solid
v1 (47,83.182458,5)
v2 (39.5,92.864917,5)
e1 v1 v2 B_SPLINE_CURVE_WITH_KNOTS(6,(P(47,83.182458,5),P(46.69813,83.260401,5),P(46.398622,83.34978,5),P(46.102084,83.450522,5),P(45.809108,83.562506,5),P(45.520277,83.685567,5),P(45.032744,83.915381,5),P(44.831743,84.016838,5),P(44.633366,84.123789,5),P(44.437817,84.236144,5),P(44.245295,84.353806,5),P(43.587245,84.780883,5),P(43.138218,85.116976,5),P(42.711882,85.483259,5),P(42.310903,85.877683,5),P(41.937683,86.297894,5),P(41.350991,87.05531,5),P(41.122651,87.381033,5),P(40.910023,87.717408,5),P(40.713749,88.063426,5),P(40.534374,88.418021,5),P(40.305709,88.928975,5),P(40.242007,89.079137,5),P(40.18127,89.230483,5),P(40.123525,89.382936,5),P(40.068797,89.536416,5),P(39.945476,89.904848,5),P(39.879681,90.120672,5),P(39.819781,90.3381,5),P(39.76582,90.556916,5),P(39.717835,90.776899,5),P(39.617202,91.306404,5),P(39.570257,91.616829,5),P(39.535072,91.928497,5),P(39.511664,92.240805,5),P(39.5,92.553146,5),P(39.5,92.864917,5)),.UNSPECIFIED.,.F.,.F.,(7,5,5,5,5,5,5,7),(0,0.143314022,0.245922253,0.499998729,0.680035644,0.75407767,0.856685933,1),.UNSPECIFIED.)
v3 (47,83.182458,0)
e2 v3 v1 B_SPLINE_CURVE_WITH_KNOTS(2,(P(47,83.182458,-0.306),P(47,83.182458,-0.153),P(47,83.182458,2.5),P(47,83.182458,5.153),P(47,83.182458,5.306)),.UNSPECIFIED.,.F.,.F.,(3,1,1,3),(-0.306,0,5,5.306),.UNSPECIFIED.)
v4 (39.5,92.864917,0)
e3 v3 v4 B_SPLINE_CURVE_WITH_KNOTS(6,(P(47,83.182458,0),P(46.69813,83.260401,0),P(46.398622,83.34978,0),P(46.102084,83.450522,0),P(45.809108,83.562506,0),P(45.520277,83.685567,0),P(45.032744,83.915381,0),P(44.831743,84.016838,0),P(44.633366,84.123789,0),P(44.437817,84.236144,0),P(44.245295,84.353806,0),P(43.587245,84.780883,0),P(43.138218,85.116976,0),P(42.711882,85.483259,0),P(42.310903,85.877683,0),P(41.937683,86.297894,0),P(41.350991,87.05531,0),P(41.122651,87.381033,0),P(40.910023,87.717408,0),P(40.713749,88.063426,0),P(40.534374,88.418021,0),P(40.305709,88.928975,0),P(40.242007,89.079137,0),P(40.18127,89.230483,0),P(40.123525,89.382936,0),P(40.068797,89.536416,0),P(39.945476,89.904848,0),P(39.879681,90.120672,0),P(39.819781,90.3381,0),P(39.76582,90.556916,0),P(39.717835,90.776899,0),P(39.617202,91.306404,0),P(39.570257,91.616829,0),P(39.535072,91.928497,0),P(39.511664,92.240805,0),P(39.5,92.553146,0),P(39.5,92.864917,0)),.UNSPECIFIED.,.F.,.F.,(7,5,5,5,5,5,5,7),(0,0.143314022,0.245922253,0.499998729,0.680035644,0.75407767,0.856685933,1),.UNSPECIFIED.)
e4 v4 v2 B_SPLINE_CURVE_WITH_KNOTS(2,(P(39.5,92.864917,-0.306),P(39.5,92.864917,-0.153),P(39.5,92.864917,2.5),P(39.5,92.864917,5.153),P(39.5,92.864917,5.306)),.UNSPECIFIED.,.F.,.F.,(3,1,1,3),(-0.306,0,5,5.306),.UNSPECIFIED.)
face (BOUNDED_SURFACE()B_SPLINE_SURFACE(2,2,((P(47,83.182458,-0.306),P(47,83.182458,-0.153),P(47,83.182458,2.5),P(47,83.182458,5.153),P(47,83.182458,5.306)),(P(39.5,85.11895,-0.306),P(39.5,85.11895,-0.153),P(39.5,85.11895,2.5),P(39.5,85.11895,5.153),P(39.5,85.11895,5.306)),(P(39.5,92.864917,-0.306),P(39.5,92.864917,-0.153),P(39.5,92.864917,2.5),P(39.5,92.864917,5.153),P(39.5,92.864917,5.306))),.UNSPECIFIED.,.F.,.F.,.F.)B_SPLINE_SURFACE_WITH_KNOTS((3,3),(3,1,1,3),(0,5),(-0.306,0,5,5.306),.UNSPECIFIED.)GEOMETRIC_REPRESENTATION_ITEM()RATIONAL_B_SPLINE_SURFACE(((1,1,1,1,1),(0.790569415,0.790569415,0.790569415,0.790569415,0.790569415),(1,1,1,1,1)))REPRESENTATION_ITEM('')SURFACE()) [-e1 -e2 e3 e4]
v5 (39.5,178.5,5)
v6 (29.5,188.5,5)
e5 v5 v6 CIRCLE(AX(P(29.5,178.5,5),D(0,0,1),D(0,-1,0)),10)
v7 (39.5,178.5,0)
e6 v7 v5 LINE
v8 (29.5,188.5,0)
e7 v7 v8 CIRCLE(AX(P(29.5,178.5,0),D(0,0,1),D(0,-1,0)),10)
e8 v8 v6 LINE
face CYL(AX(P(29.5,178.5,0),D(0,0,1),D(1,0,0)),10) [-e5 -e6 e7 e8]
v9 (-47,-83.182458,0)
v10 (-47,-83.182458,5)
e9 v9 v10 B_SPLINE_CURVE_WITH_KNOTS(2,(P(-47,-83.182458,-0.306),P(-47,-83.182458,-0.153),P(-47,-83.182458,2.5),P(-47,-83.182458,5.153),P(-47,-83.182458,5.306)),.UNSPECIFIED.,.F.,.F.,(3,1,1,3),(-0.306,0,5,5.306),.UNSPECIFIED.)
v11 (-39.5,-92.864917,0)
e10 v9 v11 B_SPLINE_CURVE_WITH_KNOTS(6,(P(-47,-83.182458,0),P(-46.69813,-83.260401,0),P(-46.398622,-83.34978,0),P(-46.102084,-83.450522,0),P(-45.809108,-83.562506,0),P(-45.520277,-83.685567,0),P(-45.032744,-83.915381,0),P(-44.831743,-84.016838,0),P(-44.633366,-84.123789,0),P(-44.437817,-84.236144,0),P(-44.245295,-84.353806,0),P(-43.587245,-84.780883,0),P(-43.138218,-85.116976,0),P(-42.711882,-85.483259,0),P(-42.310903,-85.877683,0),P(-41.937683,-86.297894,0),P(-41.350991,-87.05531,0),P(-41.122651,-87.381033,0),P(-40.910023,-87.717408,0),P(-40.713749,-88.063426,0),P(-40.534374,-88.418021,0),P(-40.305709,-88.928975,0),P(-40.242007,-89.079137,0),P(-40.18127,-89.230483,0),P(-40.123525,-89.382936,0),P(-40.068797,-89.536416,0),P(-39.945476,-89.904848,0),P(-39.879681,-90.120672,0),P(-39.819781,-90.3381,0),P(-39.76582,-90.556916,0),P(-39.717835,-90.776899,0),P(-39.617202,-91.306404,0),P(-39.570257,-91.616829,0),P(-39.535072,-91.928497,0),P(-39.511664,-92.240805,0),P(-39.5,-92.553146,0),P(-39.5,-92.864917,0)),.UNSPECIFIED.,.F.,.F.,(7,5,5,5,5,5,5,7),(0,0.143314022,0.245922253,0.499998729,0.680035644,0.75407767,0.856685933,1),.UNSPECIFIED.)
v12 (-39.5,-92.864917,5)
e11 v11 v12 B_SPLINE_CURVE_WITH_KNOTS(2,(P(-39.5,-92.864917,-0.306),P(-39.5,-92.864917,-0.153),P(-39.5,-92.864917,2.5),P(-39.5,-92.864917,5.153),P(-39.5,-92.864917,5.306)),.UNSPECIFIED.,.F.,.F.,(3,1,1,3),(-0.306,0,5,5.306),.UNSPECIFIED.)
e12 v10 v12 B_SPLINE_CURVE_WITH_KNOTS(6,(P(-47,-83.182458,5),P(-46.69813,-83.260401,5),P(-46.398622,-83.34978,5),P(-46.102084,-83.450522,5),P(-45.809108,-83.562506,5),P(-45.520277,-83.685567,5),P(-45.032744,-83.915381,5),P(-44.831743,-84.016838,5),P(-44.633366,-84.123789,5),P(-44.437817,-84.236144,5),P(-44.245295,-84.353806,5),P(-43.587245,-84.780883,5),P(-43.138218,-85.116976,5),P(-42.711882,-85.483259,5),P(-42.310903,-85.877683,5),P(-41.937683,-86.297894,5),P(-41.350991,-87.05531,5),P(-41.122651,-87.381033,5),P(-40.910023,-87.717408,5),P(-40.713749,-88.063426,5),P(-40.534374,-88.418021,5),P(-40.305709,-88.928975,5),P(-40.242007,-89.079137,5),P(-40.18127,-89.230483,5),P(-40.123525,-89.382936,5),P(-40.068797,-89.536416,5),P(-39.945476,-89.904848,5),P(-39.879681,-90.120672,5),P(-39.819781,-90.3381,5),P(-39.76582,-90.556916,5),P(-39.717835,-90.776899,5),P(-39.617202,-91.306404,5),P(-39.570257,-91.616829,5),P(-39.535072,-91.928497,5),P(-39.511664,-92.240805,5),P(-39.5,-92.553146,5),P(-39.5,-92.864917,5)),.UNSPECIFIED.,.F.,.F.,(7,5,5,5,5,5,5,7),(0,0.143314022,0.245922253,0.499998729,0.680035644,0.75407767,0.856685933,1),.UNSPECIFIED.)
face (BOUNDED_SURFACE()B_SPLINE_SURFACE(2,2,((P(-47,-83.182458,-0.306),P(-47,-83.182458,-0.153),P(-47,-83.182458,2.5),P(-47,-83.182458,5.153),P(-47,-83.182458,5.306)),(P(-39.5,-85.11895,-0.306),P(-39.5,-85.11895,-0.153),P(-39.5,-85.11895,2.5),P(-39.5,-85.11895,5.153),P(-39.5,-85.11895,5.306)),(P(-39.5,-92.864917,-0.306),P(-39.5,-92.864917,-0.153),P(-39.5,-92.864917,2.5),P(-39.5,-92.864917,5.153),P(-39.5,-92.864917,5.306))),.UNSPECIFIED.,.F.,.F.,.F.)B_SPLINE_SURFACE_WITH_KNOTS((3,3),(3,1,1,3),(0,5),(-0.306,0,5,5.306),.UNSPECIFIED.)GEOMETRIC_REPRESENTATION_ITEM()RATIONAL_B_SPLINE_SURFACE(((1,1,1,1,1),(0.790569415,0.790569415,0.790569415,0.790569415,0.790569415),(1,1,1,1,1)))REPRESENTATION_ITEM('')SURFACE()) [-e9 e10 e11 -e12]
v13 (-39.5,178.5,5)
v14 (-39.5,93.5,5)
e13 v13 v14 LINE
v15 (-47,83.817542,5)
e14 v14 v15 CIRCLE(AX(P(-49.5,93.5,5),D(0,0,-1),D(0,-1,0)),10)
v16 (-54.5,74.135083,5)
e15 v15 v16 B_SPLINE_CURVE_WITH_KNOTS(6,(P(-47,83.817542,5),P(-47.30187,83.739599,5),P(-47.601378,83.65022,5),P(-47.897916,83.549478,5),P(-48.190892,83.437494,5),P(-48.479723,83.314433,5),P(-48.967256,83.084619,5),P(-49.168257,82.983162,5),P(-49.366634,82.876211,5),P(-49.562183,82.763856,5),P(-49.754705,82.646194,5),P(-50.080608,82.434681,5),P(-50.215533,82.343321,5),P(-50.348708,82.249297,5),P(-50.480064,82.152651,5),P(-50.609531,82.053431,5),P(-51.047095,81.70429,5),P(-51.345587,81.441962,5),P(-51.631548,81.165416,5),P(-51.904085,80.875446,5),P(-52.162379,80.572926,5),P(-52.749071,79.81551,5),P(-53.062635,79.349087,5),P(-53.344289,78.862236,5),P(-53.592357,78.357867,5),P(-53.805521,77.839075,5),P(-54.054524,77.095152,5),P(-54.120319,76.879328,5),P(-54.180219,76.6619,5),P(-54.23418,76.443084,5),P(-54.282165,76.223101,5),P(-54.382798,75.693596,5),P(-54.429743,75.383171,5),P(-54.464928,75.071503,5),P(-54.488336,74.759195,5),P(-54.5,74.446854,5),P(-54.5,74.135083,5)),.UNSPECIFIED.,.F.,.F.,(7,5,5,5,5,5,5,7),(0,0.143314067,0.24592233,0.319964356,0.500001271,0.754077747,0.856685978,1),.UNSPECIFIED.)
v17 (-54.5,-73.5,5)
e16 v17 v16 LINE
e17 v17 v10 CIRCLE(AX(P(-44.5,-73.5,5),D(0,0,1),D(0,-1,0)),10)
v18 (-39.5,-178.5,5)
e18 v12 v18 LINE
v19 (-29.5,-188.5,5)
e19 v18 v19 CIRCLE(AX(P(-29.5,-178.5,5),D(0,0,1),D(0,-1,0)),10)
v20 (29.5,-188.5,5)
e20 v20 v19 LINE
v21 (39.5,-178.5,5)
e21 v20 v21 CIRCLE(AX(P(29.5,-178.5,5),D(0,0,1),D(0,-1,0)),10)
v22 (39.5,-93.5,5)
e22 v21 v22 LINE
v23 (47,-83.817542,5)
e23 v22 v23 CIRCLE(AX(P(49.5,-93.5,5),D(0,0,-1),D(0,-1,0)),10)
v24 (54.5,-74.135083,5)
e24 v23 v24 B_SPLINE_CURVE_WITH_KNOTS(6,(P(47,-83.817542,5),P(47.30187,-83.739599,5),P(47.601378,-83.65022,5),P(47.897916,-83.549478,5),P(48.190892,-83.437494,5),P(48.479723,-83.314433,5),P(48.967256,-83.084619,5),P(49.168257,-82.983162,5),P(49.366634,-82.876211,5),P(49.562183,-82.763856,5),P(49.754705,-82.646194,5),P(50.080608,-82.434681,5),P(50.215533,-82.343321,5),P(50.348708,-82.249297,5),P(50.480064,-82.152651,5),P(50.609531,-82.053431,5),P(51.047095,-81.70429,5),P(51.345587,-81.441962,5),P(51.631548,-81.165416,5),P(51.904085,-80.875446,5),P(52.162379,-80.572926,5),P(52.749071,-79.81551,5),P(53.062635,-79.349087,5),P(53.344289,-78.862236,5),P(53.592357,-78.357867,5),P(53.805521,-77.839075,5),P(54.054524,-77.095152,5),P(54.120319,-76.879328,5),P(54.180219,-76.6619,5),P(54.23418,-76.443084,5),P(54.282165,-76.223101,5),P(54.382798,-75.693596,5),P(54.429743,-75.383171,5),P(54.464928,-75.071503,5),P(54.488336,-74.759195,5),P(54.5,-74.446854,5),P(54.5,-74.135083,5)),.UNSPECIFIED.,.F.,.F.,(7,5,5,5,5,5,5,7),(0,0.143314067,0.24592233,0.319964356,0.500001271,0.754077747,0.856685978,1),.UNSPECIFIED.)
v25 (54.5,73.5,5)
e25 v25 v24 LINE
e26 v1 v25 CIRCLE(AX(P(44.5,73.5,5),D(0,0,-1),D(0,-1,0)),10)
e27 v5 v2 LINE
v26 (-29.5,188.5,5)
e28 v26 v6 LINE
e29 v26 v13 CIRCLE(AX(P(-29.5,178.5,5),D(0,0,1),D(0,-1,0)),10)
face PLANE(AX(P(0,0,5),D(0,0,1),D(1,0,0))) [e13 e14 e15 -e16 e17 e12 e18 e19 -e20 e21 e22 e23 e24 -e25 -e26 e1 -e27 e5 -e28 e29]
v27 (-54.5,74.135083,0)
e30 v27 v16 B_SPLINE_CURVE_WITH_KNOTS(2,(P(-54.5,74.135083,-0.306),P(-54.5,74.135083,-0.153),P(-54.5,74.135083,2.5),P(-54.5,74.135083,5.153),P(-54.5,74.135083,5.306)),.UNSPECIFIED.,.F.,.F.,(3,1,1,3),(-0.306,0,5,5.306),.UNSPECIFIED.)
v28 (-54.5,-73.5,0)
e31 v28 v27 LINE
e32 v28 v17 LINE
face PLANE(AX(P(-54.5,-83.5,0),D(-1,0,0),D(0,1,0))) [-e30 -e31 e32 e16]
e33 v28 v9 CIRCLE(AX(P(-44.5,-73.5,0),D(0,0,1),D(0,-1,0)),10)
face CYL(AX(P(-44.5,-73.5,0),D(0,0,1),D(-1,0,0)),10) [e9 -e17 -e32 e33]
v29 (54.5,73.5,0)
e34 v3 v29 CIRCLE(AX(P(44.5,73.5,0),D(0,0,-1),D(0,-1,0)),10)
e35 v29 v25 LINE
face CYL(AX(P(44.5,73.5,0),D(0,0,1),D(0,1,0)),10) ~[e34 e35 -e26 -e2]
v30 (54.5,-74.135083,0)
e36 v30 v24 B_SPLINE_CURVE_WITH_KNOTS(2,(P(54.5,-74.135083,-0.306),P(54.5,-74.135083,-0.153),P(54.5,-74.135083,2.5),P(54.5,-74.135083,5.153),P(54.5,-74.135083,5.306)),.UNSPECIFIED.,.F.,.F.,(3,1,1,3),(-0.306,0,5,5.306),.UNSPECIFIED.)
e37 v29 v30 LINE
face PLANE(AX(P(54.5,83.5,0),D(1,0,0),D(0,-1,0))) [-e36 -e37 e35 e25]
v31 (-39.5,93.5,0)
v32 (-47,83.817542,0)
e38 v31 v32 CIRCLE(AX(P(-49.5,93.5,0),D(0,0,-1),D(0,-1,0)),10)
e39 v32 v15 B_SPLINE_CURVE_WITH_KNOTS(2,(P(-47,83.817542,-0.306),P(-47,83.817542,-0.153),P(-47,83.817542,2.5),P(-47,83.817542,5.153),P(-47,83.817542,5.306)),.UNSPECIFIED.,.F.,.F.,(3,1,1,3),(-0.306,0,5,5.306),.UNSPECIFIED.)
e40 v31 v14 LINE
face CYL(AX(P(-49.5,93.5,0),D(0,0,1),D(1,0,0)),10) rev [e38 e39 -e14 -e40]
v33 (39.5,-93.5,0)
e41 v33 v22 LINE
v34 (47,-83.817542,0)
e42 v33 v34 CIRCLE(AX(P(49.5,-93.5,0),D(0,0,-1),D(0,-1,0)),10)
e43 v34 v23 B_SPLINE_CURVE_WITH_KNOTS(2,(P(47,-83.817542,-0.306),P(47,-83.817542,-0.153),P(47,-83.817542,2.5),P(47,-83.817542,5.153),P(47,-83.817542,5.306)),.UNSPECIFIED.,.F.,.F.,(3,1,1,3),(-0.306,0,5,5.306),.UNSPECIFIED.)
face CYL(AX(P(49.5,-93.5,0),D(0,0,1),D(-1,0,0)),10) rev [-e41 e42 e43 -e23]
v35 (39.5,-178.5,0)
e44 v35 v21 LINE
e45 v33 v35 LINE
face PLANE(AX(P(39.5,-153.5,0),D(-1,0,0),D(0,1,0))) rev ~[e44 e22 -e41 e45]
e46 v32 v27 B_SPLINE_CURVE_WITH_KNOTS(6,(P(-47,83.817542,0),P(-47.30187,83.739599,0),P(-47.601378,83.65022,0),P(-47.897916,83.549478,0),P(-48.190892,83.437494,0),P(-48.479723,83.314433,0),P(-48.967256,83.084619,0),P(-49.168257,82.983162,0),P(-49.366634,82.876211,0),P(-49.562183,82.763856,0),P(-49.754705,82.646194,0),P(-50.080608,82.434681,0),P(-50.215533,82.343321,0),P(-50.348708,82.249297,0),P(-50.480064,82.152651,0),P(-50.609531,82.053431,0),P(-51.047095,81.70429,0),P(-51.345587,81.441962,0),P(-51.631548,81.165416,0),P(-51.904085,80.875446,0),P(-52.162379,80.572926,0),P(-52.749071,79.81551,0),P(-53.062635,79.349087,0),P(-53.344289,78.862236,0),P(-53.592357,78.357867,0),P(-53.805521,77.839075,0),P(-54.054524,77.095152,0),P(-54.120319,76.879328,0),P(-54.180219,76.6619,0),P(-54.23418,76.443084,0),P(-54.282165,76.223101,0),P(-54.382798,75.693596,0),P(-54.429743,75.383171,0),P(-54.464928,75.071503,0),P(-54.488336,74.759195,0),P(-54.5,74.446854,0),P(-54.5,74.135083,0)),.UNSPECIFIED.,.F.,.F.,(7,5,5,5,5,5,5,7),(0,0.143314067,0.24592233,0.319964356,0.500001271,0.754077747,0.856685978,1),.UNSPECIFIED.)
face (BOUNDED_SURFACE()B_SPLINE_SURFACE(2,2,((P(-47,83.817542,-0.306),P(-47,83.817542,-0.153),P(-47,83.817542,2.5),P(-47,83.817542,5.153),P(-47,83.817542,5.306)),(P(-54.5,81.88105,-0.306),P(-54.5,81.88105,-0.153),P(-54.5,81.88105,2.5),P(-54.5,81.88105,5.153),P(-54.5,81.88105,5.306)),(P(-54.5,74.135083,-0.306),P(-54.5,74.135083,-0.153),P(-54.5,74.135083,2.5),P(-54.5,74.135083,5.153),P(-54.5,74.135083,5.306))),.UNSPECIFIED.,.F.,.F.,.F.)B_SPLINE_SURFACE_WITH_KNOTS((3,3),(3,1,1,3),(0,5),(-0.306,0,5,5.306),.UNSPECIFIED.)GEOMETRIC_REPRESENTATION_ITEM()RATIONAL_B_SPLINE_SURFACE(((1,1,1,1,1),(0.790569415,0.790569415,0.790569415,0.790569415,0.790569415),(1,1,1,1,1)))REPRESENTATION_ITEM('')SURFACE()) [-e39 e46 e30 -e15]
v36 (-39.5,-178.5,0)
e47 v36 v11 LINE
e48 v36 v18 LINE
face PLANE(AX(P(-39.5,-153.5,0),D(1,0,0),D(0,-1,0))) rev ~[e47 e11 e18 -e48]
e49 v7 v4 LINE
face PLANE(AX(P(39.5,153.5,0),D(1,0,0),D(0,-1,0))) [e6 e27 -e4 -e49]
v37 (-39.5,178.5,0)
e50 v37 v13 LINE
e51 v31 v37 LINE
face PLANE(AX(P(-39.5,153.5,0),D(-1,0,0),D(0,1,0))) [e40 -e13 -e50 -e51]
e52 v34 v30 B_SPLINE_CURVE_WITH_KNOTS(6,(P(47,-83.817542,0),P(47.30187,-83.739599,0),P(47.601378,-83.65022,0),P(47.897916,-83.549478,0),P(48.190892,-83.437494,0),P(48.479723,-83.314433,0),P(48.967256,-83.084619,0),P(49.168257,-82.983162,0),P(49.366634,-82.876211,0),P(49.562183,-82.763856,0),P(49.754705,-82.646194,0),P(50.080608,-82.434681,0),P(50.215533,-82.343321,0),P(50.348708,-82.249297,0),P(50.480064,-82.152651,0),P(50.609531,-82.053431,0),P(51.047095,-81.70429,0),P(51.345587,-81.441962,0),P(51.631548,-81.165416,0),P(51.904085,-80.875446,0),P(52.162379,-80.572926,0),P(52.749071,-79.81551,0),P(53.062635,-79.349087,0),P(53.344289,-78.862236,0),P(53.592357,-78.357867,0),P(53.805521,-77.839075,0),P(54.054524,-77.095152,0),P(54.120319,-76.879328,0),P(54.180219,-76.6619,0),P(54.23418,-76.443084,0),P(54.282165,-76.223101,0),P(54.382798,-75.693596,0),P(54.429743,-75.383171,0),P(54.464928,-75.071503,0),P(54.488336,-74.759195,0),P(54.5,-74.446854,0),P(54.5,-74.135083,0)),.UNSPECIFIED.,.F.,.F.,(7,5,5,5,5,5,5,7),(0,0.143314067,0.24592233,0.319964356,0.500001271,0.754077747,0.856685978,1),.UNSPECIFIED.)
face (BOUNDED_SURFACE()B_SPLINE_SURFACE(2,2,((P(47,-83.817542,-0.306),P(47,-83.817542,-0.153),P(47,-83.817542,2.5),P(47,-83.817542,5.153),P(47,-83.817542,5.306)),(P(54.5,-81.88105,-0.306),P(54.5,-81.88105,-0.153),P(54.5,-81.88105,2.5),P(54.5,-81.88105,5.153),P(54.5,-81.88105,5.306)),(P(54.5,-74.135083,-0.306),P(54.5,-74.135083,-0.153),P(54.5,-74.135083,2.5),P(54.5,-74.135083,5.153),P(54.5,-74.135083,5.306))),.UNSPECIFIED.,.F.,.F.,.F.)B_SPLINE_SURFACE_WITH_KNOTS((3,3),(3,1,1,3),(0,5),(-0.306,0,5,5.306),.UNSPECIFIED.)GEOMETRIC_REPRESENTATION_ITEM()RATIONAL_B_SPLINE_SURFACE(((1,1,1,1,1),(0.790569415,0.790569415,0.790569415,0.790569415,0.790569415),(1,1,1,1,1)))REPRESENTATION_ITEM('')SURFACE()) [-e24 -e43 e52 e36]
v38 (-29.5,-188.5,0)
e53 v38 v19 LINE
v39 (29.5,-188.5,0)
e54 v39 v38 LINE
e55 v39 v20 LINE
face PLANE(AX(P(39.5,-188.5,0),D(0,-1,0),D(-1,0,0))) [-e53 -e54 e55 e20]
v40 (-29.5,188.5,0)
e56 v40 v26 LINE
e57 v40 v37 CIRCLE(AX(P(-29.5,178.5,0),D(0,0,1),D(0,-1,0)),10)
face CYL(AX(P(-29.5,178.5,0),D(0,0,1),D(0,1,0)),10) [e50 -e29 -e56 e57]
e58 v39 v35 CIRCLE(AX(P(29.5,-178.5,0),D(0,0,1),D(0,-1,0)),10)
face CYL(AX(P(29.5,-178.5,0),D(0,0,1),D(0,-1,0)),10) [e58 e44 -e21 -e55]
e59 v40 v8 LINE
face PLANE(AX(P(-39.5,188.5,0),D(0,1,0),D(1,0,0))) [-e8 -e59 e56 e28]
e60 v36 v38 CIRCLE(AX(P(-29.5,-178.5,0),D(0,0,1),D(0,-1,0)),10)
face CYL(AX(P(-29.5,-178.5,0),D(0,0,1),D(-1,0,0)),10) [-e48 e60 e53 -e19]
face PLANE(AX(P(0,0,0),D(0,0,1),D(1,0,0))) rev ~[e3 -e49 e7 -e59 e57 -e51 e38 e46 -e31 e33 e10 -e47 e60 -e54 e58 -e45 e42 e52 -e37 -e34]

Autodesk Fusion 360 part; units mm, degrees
sketch "Sketch1" plane through (0, 0, 0) normal (0, 0, 1) x (1, 0, 0)
  line L0 (54.5, -188.5) -> (-54.5, -188.5)
  line L1 (-54.5, -188.5) -> (-54.5, 188.5)
  line L2 (-54.5, 188.5) -> (54.5, 188.5)
  line L3 (54.5, 188.5) -> (54.5, -188.5)
  line L4 (54.5, -188.5) -> (-54.5, 188.5) construction
  line L5 (-54.5, -188.5) -> (54.5, 188.5) construction
  line L6 (-54.5, 153.5) -> (-39.5, 153.5)
  line L7 (-39.5, 153.5) -> (-39.5, 83.5)
  line L8 (-39.5, 83.5) -> (-54.5, 83.5)
  line L9 (-54.5, 83.5) -> (-54.5, 153.5)
  line L10 (-54.5, -153.5) -> (-39.5, -153.5)
  line L11 (-39.5, -153.5) -> (-39.5, -83.5)
  line L12 (-39.5, -83.5) -> (-54.5, -83.5)
  line L13 (-54.5, -83.5) -> (-54.5, -153.5)
  line L14 (54.5, -153.5) -> (39.5, -153.5)
  line L15 (39.5, -153.5) -> (39.5, -83.5)
  line L16 (39.5, -83.5) -> (54.5, -83.5)
  line L17 (54.5, -83.5) -> (54.5, -153.5)
  line L18 (54.5, 153.5) -> (39.5, 153.5)
  line L19 (39.5, 153.5) -> (39.5, 83.5)
  line L20 (39.5, 83.5) -> (54.5, 83.5)
  line L21 (54.5, 83.5) -> (54.5, 153.5)
  line L22 (-39.5, -153.5) -> (-39.5, -188.5)
  line L23 (39.5, -153.5) -> (39.5, -188.5)
  line L24 (-39.5, 153.5) -> (-39.5, 188.5)
  line L25 (39.5, 153.5) -> (39.5, 188.5)
  dimension "d1" = 109
  dimension "d2" = 377
  dimension "d3" = 15
  dimension "d4" = 70
  dimension "d5" = 15
  dimension "d6" = 70
  dimension "d7" = 35
  dimension "d8" = 35
  dimension "d9" = 15
  dimension "d10" = 70
  dimension "d11" = 15
  dimension "d12" = 70
extrude "Extrude1" add sketch "Sketch1" along normal blind 5 contours L0 L1 L2 L3 L7 L8 L11 L12 L15 L16 L19 L20 L22 L23 L24 L25
fillet "Fillet1" radius 10 12 edges at (54.5, 83.5, 2.5) (39.5, 83.5, 2.5) (39.5, 188.5, 2.5) (-39.5, 188.5, 2.5) (-39.5, 83.5, 2.5) (-54.5, 83.5, 2.5) (-54.5, -83.5, 2.5) (-39.5, -83.5, 2.5) (-39.5, -188.5, 2.5) (39.5, -188.5, 2.5) (39.5, -83.5, 2.5) (54.5, -83.5, 2.5)
